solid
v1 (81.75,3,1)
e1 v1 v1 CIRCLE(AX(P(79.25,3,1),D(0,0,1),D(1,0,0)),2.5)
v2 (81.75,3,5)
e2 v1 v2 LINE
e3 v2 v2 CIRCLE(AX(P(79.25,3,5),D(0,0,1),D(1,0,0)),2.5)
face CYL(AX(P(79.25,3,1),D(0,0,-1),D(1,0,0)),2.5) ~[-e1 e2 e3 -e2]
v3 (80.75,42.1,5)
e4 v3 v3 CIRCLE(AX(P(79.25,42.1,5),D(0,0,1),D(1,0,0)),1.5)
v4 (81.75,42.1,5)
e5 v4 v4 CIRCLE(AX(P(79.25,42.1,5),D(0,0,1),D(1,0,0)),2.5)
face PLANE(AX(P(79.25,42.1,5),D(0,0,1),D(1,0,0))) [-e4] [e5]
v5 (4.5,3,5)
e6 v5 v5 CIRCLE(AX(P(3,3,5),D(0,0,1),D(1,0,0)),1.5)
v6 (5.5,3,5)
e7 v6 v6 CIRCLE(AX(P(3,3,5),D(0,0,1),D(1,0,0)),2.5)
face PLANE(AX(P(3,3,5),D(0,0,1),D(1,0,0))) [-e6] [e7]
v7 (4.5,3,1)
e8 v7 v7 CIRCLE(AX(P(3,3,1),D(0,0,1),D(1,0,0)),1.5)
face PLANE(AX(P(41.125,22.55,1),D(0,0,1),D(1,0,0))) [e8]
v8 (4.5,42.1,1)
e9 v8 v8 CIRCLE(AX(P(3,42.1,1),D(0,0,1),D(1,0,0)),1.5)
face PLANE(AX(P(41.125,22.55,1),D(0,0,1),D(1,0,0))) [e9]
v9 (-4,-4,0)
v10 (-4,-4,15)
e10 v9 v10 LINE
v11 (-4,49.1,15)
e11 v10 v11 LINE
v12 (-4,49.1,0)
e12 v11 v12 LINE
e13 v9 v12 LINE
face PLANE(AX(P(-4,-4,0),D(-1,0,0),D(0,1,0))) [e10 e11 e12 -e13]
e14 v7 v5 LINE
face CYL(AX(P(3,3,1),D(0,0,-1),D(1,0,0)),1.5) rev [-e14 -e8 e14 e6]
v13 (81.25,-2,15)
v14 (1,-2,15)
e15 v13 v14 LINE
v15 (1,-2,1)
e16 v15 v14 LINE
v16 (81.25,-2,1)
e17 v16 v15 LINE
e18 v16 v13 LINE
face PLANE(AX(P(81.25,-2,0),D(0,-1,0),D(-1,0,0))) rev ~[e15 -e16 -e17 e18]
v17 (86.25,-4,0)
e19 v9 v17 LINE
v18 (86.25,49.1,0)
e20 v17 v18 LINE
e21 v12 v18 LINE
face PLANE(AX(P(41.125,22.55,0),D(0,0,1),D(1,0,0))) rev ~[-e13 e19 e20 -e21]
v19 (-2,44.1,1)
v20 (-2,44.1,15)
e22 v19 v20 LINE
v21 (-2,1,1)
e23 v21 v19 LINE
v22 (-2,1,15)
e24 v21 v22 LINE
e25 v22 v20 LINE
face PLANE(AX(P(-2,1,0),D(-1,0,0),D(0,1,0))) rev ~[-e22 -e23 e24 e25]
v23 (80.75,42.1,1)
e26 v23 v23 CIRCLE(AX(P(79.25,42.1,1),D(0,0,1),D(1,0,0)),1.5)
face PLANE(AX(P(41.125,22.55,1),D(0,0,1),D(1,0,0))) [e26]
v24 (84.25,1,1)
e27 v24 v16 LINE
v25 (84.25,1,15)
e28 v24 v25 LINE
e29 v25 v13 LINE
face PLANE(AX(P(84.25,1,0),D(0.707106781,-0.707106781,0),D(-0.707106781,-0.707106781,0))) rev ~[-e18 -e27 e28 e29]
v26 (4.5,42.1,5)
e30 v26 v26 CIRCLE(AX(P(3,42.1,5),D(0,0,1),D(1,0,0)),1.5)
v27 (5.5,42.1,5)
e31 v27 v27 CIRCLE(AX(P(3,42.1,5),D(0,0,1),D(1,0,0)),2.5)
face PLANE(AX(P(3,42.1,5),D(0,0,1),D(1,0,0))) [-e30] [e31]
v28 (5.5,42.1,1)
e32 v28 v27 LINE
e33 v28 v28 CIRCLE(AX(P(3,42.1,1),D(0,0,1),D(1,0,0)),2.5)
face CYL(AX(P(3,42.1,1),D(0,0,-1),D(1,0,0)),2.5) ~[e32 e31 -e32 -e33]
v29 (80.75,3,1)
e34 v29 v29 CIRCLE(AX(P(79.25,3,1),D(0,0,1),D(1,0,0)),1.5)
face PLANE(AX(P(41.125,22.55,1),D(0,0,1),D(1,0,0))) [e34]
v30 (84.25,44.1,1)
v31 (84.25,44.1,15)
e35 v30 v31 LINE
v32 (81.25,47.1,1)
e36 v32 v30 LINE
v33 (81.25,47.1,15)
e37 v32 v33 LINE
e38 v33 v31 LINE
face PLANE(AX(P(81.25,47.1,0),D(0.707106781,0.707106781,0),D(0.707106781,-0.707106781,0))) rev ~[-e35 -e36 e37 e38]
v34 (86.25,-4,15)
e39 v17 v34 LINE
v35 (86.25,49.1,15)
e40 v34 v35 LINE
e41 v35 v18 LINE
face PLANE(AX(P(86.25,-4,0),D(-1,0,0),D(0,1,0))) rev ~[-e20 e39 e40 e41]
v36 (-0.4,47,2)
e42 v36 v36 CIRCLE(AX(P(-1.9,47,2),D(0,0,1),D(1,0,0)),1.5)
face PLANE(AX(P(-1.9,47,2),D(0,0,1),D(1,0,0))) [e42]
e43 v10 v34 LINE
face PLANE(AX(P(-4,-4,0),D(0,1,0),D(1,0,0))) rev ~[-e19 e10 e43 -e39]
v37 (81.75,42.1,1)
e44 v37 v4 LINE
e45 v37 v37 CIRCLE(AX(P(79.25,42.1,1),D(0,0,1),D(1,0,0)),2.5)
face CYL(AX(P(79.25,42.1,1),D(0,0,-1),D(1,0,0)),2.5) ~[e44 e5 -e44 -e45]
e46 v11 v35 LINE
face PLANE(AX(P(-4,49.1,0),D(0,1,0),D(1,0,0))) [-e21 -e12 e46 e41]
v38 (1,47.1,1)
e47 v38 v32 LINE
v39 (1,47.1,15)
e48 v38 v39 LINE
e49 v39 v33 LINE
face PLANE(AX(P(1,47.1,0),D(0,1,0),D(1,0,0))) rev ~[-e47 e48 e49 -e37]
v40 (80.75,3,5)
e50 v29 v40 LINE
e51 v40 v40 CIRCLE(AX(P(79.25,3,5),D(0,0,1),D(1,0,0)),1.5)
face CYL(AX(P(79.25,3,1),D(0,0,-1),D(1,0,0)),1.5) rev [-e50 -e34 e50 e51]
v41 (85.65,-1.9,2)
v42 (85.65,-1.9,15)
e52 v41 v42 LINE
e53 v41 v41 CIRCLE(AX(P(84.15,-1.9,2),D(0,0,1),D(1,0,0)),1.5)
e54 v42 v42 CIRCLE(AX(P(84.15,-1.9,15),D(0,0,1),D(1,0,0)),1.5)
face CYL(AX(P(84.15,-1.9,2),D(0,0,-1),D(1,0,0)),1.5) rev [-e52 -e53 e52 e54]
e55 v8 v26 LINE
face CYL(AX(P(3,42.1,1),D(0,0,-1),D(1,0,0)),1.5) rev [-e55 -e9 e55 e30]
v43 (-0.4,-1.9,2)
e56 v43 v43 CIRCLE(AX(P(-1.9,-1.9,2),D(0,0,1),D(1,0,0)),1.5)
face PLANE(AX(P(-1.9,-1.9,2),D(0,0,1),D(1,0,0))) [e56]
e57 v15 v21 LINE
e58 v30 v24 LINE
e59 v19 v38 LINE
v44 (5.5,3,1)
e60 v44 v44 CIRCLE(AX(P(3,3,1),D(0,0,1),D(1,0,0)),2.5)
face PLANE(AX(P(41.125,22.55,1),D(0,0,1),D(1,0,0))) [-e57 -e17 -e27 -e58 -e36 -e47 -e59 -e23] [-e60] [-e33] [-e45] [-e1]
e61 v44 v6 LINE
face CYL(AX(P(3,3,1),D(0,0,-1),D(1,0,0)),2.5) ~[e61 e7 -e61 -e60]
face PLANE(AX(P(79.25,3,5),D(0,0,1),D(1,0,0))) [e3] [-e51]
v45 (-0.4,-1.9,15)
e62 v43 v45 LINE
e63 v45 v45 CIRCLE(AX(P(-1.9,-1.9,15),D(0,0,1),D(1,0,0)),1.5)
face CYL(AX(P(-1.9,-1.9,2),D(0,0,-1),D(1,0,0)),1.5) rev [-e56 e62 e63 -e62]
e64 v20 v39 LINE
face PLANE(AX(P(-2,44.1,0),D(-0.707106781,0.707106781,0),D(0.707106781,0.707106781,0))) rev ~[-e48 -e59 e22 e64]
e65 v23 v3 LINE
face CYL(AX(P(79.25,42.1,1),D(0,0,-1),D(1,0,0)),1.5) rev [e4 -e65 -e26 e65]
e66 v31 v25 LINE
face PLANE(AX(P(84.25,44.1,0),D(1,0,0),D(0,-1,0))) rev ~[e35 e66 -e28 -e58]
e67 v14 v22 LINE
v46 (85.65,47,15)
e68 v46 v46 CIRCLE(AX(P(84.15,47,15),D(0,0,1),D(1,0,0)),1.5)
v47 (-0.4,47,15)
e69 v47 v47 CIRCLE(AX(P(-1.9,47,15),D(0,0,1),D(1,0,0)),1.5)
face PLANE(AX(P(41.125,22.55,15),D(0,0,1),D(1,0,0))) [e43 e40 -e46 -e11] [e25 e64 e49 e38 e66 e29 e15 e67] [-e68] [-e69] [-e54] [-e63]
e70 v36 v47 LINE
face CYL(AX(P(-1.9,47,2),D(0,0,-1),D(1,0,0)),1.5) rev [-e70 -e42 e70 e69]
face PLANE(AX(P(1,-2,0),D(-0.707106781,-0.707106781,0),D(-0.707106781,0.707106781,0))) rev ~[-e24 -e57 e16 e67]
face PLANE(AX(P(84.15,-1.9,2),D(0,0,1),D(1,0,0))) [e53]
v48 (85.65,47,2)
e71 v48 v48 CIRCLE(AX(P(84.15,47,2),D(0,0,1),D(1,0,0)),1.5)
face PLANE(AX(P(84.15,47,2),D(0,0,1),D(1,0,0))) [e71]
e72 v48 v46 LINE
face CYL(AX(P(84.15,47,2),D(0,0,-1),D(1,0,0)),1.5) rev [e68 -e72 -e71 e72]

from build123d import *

# Parameters (mm, degrees)
SKETCH019_R      = 1.5
EXTRUDE022_DEPTH = 4
SKETCH020_R      = 2.5
EXTRUDE020_DEPTH = 4
SKETCH022_W      = 90.25
SKETCH022_H      = 53.1
EXTRUDE019_DEPTH = 1
SKETCH038_R      = 1.5
EXTRUDE038_DEPTH = 13
SKETCH021_W      = 90.25
SKETCH021_H      = 53.1
EXTRUDE021_DEPTH = 15


with BuildPart() as extrude_mainboardcase_holes:
    # Sketch019 → Extrude022 (new body)
    with BuildSketch(Plane.XY):
        with Locations((3, 42.1)):
            Circle(SKETCH019_R)
        with Locations((3, 3)):
            Circle(SKETCH019_R)
        with Locations((79.25, 42.1)):
            Circle(SKETCH019_R)
        with Locations((79.25, 3)):
            Circle(SKETCH019_R)
    extrude(amount=EXTRUDE022_DEPTH)


with BuildPart() as extrude_mainboardcase_holes_1:
    # Extrude022 placement: moved
    add(extrude_mainboardcase_holes.part.moved(Location((0, 0, 1))))


with BuildPart() as cut_mainboardcase_standswithholes:
    # Sketch020 → Extrude020 (new body)
    with BuildSketch(Plane.XY):
        with Locations((3, 42.1)):
            Circle(SKETCH020_R)
        with Locations((79.25, 3)):
            Circle(SKETCH020_R)
        with Locations((79.25, 42.1)):
            Circle(SKETCH020_R)
        with Locations((3, 3)):
            Circle(SKETCH020_R)
    extrude(amount=EXTRUDE020_DEPTH)


with BuildPart() as cut_mainboardcase_standswithholes_1:
    # Extrude020 placement: moved
    add(cut_mainboardcase_standswithholes.part.moved(Location((0, 0, 1))))

    # Cut: cut Extrude_MainBoardCase_holes
    add(extrude_mainboardcase_holes_1.part, mode=Mode.SUBTRACT)


with BuildPart() as extrude_mainboardcase_bottom:
    # Sketch022 → Extrude019 (new body)
    with BuildSketch(Plane.XY):
        with Locations((41.125, 22.55)):
            Rectangle(SKETCH022_W, SKETCH022_H)
    extrude(amount=EXTRUDE019_DEPTH)


with BuildPart() as extrude038:
    # Sketch038 → Extrude038 (new body)
    with BuildSketch(Plane.XY):
        with Locations((-1.9, 47)):
            Circle(SKETCH038_R)
        with Locations((84.15, 47)):
            Circle(SKETCH038_R)
        with Locations((-1.9, -1.9)):
            Circle(SKETCH038_R)
        with Locations((84.15, -1.9)):
            Circle(SKETCH038_R)
    extrude(amount=EXTRUDE038_DEPTH)


with BuildPart() as extrude038_1:
    # Extrude038 placement: moved
    add(extrude038.part.moved(Location((0, 0, 2))))


with BuildPart() as fusion_mainboardcase_bottom:
    # Sketch021 → Extrude021 (new body)
    with BuildSketch(Plane.XY):
        with Locations((41.125, 22.55)):
            Rectangle(SKETCH021_W, SKETCH021_H)
        Polygon((1, 47.1), (81.25, 47.1), (84.25, 44.1), (84.25, 1), (81.25, -2), (1, -2), (-2, 1), (-2, 44.1), align=None, mode=Mode.SUBTRACT)
    extrude(amount=EXTRUDE021_DEPTH)

    # Cut009: cut Extrude038
    add(extrude038_1.part, mode=Mode.SUBTRACT)

    # Fusion011: union Cut__MainBoardCase_standsWithHoles, Extrude_MainBoardCase_Bottom
    add(cut_mainboardcase_standswithholes_1.part)
    add(extrude_mainboardcase_bottom.part)


solid = fusion_mainboardcase_bottom.part
